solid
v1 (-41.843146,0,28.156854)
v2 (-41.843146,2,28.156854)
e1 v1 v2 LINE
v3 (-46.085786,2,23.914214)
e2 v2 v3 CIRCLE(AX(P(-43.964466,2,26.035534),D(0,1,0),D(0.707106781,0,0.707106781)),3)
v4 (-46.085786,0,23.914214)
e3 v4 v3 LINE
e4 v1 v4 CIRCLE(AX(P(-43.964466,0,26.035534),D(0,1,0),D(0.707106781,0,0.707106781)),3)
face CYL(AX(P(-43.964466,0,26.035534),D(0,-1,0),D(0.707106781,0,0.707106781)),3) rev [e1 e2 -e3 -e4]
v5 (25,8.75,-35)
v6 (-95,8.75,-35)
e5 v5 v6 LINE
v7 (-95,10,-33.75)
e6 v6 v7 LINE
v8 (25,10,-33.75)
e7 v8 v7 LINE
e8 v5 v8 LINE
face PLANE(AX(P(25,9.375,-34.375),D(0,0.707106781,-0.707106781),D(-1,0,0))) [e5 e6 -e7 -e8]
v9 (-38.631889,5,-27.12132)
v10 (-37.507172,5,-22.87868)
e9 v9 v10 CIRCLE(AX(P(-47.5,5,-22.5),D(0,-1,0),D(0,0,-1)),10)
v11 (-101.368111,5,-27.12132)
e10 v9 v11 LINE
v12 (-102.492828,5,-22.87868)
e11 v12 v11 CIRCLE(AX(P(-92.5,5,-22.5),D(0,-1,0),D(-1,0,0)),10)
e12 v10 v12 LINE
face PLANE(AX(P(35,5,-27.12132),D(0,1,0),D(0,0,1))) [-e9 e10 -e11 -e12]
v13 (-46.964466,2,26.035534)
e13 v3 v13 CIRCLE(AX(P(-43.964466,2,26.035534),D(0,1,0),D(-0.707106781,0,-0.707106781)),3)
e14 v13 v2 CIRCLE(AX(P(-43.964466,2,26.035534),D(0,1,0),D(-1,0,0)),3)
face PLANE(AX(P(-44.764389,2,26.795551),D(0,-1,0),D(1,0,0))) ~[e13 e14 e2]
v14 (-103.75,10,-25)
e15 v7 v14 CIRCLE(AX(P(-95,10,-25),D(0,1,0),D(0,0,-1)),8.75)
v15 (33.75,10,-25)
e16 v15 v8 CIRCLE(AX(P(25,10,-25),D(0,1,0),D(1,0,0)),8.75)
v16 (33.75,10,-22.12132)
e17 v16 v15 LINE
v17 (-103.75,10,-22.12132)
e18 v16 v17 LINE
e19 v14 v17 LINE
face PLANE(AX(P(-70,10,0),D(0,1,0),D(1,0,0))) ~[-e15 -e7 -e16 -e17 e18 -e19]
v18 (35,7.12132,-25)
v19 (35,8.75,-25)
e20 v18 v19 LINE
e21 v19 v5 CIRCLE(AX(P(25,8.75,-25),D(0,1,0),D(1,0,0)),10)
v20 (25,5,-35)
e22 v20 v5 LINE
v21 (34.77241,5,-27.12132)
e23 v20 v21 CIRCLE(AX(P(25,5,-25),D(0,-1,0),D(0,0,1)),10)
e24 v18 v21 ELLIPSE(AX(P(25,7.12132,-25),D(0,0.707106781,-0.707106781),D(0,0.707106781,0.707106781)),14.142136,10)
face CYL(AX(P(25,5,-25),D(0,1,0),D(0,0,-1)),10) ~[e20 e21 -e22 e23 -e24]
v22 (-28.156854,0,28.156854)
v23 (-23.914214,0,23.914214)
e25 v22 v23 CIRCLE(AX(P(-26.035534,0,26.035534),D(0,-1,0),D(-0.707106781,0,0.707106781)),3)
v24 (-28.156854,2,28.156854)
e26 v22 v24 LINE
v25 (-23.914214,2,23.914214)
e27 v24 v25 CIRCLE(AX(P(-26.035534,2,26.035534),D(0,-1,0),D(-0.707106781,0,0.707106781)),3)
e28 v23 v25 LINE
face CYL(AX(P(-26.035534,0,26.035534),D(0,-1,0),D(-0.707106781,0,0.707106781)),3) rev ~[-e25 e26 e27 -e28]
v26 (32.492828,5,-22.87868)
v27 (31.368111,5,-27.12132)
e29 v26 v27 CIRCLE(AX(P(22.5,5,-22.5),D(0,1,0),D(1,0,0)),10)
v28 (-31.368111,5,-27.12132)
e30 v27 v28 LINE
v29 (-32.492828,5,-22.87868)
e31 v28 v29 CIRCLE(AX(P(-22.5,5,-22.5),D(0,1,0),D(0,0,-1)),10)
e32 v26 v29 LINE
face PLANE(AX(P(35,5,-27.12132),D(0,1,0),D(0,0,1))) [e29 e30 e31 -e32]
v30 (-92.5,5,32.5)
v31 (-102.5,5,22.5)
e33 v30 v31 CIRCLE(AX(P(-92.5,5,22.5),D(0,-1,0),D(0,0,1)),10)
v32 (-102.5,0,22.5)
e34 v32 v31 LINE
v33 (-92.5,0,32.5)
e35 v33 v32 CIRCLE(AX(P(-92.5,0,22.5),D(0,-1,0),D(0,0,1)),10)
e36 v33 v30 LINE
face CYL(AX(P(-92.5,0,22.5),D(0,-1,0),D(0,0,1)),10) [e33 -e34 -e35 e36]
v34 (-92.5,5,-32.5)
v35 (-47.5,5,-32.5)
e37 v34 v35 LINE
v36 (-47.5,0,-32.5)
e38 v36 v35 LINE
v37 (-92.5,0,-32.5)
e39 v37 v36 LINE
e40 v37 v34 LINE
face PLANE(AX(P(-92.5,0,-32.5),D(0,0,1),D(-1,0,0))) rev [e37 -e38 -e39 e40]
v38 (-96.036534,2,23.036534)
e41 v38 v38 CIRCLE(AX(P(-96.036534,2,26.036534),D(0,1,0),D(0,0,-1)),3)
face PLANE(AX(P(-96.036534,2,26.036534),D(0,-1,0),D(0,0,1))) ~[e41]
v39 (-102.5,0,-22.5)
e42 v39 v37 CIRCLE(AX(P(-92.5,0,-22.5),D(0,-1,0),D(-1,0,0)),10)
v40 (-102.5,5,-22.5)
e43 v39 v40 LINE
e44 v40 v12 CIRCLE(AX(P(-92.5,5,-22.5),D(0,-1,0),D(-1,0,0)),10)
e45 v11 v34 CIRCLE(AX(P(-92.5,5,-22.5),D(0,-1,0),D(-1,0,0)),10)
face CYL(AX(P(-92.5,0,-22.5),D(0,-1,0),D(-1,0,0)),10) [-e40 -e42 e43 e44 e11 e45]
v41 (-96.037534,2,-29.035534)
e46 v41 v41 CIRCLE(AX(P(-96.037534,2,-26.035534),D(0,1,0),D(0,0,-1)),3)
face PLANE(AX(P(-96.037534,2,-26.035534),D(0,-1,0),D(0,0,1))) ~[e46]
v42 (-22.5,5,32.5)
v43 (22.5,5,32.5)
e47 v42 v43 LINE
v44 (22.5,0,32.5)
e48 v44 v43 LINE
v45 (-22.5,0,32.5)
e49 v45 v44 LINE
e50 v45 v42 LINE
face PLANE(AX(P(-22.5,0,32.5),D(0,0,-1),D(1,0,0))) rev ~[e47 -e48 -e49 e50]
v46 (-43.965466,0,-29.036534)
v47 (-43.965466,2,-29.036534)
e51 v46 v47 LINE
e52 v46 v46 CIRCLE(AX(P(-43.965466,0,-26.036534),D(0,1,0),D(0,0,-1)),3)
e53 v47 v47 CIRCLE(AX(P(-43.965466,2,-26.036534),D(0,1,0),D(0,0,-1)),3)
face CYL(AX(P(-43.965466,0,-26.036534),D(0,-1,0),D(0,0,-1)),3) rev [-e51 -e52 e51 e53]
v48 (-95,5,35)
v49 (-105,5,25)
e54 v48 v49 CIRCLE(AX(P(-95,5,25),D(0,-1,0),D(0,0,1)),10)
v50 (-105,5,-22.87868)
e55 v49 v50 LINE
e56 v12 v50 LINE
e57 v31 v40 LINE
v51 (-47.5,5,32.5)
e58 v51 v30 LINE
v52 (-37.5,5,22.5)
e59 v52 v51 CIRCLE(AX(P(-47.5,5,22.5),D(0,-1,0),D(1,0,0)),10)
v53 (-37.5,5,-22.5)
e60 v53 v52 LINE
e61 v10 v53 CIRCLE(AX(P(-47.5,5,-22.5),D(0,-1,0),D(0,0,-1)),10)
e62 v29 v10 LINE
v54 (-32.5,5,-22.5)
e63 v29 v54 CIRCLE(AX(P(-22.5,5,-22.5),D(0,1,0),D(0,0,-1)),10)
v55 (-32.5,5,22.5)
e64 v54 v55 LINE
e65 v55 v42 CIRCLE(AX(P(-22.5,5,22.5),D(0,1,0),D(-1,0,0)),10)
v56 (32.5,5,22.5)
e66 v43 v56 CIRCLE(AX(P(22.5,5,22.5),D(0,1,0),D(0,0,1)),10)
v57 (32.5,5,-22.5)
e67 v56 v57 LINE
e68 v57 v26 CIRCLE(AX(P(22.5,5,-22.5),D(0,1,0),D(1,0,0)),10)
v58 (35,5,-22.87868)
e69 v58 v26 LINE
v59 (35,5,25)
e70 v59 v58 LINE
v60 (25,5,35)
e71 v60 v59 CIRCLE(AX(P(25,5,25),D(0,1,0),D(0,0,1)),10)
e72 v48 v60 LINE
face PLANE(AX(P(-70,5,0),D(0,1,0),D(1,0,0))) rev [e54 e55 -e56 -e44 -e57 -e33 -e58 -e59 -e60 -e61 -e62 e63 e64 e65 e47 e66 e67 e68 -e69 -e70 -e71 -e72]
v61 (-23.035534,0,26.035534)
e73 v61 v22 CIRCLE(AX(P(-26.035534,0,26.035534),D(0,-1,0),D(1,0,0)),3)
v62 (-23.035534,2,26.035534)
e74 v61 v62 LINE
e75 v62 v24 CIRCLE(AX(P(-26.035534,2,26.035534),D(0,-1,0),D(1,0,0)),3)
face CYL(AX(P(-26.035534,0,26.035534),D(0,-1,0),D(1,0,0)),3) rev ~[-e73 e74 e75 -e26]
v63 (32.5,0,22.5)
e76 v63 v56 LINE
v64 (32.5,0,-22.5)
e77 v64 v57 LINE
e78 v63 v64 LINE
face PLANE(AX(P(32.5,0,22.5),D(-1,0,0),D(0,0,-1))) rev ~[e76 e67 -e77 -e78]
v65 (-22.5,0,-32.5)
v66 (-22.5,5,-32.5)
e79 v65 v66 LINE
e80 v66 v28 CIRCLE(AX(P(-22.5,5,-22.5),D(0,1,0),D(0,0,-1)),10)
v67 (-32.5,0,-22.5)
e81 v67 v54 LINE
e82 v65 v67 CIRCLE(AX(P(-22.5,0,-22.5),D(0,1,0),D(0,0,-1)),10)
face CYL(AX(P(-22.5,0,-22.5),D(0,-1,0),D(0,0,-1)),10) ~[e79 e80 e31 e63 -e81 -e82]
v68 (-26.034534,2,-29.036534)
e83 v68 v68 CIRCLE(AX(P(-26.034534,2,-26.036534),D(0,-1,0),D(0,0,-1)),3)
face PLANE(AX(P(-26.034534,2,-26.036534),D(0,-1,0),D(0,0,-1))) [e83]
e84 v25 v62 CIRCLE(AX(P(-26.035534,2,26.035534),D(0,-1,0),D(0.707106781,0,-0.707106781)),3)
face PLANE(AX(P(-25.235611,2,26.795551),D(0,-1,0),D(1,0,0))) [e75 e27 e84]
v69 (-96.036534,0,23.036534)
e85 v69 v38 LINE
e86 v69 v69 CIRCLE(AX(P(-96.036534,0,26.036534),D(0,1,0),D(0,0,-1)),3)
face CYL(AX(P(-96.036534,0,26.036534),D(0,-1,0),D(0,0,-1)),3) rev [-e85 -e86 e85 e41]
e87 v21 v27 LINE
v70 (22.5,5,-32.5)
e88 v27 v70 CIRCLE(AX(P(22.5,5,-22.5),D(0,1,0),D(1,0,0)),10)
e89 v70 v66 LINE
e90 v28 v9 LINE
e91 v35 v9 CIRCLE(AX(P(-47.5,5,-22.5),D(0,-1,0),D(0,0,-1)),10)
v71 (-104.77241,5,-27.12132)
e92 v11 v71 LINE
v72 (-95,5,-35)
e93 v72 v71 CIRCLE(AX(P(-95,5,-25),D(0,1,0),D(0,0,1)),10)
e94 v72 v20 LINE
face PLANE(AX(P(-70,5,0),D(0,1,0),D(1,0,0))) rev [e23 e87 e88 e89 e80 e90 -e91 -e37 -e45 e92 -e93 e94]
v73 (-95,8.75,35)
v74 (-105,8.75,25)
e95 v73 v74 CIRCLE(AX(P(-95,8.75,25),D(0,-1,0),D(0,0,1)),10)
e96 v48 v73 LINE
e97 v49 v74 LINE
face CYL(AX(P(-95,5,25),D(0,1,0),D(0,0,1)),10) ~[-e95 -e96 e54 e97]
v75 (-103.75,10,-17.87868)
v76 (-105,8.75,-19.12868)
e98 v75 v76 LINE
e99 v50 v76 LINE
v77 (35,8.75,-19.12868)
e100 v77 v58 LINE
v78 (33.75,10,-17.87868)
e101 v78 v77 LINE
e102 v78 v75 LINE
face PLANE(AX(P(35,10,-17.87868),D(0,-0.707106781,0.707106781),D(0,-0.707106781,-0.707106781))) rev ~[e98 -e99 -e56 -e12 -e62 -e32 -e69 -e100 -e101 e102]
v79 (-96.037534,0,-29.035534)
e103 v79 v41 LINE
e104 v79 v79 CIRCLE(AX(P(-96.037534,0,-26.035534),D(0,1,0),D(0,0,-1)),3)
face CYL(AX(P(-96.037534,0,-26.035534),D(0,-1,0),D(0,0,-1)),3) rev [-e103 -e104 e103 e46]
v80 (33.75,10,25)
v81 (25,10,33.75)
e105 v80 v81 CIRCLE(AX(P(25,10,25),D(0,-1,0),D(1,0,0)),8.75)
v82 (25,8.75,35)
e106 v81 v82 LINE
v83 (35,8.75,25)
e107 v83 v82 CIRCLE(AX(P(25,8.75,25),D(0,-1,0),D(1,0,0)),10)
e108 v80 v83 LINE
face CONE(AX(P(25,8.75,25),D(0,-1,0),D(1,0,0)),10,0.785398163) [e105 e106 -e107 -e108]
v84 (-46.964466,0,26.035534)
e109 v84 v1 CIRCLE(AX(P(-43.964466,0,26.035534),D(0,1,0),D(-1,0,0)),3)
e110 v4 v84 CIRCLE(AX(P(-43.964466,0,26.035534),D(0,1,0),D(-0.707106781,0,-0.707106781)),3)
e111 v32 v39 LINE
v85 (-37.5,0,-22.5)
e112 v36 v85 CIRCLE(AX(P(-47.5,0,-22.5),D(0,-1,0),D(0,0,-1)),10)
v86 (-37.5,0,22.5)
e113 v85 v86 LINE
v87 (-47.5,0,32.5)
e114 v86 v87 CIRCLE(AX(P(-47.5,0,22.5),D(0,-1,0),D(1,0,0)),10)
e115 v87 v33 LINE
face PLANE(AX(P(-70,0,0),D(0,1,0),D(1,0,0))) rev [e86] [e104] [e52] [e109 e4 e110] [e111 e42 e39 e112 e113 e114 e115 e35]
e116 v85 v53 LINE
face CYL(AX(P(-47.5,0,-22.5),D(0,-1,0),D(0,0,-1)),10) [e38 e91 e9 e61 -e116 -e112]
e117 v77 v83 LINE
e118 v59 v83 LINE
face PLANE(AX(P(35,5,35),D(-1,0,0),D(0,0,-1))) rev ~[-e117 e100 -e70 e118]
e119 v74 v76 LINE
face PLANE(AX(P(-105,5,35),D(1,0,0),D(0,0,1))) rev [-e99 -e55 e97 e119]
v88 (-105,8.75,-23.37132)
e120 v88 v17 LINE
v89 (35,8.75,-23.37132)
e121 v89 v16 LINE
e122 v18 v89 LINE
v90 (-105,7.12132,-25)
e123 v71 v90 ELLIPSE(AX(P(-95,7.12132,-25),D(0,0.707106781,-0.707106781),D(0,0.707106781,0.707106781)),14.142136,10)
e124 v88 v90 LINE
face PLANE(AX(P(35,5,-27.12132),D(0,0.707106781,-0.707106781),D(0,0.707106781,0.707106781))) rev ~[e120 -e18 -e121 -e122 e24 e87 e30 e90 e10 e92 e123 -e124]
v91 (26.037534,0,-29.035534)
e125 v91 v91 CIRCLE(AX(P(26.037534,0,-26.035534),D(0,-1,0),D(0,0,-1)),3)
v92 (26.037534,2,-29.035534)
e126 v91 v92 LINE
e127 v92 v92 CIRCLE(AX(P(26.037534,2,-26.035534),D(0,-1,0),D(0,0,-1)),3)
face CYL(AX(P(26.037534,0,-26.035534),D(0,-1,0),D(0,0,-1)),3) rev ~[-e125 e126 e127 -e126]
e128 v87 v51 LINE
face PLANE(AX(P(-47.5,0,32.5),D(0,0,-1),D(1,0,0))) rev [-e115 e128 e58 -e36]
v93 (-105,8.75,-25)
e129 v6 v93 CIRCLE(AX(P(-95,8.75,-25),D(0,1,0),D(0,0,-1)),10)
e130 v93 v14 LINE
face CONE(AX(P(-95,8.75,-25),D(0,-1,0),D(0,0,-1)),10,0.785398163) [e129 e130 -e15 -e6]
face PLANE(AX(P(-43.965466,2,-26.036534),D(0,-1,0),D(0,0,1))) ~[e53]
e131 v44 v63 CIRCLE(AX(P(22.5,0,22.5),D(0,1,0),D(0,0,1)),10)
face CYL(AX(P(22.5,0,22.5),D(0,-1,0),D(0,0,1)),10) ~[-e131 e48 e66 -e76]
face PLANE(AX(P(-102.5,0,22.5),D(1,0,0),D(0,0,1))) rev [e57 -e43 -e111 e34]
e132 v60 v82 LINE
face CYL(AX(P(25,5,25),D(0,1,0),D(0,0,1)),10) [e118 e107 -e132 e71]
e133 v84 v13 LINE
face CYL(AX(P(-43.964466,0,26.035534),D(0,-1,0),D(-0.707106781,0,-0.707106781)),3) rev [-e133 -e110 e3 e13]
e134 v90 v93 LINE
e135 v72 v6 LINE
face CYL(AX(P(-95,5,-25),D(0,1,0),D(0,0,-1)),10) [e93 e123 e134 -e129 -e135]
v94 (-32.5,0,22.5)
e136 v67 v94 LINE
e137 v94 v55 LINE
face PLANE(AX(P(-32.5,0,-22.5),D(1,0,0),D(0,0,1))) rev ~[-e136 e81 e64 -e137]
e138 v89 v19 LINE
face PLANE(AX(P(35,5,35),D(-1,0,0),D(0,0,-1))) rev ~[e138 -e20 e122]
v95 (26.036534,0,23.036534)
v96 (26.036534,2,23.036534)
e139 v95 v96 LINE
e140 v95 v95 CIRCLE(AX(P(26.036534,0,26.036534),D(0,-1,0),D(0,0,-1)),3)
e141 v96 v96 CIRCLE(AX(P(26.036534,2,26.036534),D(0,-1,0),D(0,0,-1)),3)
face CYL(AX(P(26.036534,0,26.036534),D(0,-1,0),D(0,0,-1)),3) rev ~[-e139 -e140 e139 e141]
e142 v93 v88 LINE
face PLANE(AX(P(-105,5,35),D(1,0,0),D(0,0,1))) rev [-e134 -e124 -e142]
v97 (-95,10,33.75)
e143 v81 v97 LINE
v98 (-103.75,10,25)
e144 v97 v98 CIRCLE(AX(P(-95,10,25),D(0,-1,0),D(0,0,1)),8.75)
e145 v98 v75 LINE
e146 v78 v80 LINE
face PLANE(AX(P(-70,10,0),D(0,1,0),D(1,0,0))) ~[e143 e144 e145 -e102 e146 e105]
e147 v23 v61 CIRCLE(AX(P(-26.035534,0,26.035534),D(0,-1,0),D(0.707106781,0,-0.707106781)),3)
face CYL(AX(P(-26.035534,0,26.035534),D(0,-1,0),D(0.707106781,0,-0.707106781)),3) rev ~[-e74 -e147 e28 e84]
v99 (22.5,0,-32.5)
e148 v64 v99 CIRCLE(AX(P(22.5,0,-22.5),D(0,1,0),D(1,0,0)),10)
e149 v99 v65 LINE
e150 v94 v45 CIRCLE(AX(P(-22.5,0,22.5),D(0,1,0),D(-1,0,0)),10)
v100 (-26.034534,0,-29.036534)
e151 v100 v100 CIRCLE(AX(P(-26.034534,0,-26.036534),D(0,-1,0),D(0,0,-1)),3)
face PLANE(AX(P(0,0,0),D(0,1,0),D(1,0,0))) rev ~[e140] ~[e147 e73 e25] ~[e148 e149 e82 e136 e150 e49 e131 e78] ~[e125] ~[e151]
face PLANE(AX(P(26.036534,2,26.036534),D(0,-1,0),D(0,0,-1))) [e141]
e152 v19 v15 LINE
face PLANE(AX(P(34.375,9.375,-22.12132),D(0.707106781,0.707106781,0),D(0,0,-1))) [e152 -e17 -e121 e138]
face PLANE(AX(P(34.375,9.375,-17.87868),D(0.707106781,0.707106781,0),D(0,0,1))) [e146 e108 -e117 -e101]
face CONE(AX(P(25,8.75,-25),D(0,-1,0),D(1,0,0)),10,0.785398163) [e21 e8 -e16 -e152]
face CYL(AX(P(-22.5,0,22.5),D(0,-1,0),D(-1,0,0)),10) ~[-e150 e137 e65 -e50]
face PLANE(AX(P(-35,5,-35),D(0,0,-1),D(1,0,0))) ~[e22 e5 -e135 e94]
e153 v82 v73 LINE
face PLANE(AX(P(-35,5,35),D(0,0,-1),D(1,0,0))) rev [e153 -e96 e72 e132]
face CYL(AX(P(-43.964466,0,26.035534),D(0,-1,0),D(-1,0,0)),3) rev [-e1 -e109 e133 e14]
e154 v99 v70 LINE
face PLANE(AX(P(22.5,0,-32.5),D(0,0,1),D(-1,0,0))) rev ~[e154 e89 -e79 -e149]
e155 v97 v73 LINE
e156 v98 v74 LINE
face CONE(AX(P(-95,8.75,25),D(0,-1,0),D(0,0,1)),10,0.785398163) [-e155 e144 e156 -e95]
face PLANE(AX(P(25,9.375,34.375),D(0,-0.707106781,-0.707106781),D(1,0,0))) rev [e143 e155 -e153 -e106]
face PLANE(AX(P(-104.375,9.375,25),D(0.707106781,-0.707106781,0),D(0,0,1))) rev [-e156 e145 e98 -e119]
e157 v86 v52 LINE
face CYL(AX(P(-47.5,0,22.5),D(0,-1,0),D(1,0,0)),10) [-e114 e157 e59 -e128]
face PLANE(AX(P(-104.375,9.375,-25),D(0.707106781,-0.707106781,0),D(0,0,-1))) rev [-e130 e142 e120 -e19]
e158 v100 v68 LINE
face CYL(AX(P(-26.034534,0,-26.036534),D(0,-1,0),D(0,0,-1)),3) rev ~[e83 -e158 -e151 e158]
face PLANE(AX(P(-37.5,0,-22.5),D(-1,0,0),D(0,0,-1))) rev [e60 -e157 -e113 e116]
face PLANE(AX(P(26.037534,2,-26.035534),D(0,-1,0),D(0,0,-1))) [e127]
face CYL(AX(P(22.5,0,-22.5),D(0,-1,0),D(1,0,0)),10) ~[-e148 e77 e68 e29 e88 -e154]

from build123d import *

# Parameters (mm, degrees)
BOSS_EXTRUDE4_DEPTH = 5
SKETCH6_W           = 70
SKETCH6_H           = 70
BOSS_EXTRUDE5_DEPTH = 5
SKETCH8_R           = 3
CUT_EXTRUDE1_DEPTH  = 2
FILLET1_R           = 10
CUT_EXTRUDE2_DEPTH  = 145.654761415
CHAMFER1_SIZE       = 1.25


with BuildPart() as part:
    # Sketch5 → Boss-Extrude4 (new body)
    with BuildSketch(Plane(origin=(0, 0, 0), x_dir=(1, 0, 0), z_dir=(0, 1, 0))):
        with BuildLine():
            Line((-22.5, -32.5), (22.5, -32.5))
            ThreePointArc((22.5, -32.5), (29.571067812, -29.571067812), (32.5, -22.5))
            Line((32.5, -22.5), (32.5, 22.5))
            ThreePointArc((32.5, 22.5), (29.571067812, 29.571067812), (22.5, 32.5))
            Line((22.5, 32.5), (-22.5, 32.5))
            ThreePointArc((-22.5, 32.5), (-29.571067812, 29.571067812), (-32.5, 22.5))
            Line((-32.5, 22.5), (-32.5, -22.5))
            ThreePointArc((-32.5, -22.5), (-29.571067812, -29.571067812), (-22.5, -32.5))
        make_face()
    extrude(amount=BOSS_EXTRUDE4_DEPTH)

    # Sketch6 → Boss-Extrude5 (add)
    with BuildSketch(Plane(origin=(0, 5, 0), x_dir=(1, 0, 0), z_dir=(0, 1, 0))):
        Rectangle(SKETCH6_W, SKETCH6_H)
    extrude(amount=BOSS_EXTRUDE5_DEPTH)

    # Sketch8 → Cut-Extrude1 (cut)
    with BuildSketch(Plane.XZ):
        with Locations(Location((26.037533906, -26.035533906, 0), (0, 0, 270))):
            Circle(SKETCH8_R)
        with Locations(Location((26.036533906, 26.036533906, 0), (0, 0, 270))):
            Circle(SKETCH8_R)
        with BuildLine():
            ThreePointArc((-23.035533906, 26.035533906), (-24.887483609, 28.807172503), (-28.156854249, 28.156854249))
            Line((-28.156854249, 28.156854249), (-23.914213562, 23.914213562))
            ThreePointArc((-23.914213562, 23.914213562), (-23.263895308, 24.887483609), (-23.035533906, 26.035533906))
        make_face()
        with BuildLine():
            Line((-23.914213562, 23.914213562), (-28.156854249, 28.156854249))
            ThreePointArc((-28.156854249, 28.156854249), (-28.156854249, 23.914213562), (-23.914213562, 23.914213562))
        make_face()
        with Locations(Location((-26.034533906, -26.036533906, 0), (0, 0, 270))):
            Circle(SKETCH8_R)
    extrude(amount=-CUT_EXTRUDE1_DEPTH, mode=Mode.SUBTRACT)

    # Mirror1: part across plane


with BuildPart() as part_1:
    add(part.part)
    add(part.part.mirror(Plane(origin=(-35, 10, -35), x_dir=(0, 0, 1), z_dir=(1, 0, 0))))

    # Fillet1
    fillet1_edges = [part_1.edges().sort_by_distance(p)[0] for p in [
        (35, 7.5, 35),
        (35, 7.5, -35),
        (-105, 7.5, 35),
        (-105, 7.5, -35),
    ]]
    fillet(fillet1_edges, radius=FILLET1_R)

    # Sketch9 → Cut-Extrude2 (cut, through all)
    with BuildSketch(Plane(origin=(35, 0, 0), x_dir=(0, 0, -1), z_dir=(1, 0, 0))):
        Polygon((17.878679656, 10), (22.121320344, 10), (26.060660172, 6.060660172), (27.121320344, 5), (22.878679656, 5), (18.939339828, 8.939339828), align=None)
    extrude(amount=-CUT_EXTRUDE2_DEPTH, mode=Mode.SUBTRACT)

    # Chamfer1
    chamfer1_edges = [part_1.edges().sort_by_distance(p)[0] for p in [
        (-105, 10, 3.560660172),
        (-35, 10, -35),
        (-35, 10, 35),
        (35, 10, 3.560660172),
        (32.071067812, 10, -32.071067812),
        (32.071067812, 10, 32.071067812),
        (-102.071067812, 10, 32.071067812),
        (-102.071067812, 10, -32.071067812),
        (-105, 10, -23.560660172),
        (35, 10, -23.560660172),
    ]]
    chamfer(chamfer1_edges, length=CHAMFER1_SIZE)


solid = part_1.part
